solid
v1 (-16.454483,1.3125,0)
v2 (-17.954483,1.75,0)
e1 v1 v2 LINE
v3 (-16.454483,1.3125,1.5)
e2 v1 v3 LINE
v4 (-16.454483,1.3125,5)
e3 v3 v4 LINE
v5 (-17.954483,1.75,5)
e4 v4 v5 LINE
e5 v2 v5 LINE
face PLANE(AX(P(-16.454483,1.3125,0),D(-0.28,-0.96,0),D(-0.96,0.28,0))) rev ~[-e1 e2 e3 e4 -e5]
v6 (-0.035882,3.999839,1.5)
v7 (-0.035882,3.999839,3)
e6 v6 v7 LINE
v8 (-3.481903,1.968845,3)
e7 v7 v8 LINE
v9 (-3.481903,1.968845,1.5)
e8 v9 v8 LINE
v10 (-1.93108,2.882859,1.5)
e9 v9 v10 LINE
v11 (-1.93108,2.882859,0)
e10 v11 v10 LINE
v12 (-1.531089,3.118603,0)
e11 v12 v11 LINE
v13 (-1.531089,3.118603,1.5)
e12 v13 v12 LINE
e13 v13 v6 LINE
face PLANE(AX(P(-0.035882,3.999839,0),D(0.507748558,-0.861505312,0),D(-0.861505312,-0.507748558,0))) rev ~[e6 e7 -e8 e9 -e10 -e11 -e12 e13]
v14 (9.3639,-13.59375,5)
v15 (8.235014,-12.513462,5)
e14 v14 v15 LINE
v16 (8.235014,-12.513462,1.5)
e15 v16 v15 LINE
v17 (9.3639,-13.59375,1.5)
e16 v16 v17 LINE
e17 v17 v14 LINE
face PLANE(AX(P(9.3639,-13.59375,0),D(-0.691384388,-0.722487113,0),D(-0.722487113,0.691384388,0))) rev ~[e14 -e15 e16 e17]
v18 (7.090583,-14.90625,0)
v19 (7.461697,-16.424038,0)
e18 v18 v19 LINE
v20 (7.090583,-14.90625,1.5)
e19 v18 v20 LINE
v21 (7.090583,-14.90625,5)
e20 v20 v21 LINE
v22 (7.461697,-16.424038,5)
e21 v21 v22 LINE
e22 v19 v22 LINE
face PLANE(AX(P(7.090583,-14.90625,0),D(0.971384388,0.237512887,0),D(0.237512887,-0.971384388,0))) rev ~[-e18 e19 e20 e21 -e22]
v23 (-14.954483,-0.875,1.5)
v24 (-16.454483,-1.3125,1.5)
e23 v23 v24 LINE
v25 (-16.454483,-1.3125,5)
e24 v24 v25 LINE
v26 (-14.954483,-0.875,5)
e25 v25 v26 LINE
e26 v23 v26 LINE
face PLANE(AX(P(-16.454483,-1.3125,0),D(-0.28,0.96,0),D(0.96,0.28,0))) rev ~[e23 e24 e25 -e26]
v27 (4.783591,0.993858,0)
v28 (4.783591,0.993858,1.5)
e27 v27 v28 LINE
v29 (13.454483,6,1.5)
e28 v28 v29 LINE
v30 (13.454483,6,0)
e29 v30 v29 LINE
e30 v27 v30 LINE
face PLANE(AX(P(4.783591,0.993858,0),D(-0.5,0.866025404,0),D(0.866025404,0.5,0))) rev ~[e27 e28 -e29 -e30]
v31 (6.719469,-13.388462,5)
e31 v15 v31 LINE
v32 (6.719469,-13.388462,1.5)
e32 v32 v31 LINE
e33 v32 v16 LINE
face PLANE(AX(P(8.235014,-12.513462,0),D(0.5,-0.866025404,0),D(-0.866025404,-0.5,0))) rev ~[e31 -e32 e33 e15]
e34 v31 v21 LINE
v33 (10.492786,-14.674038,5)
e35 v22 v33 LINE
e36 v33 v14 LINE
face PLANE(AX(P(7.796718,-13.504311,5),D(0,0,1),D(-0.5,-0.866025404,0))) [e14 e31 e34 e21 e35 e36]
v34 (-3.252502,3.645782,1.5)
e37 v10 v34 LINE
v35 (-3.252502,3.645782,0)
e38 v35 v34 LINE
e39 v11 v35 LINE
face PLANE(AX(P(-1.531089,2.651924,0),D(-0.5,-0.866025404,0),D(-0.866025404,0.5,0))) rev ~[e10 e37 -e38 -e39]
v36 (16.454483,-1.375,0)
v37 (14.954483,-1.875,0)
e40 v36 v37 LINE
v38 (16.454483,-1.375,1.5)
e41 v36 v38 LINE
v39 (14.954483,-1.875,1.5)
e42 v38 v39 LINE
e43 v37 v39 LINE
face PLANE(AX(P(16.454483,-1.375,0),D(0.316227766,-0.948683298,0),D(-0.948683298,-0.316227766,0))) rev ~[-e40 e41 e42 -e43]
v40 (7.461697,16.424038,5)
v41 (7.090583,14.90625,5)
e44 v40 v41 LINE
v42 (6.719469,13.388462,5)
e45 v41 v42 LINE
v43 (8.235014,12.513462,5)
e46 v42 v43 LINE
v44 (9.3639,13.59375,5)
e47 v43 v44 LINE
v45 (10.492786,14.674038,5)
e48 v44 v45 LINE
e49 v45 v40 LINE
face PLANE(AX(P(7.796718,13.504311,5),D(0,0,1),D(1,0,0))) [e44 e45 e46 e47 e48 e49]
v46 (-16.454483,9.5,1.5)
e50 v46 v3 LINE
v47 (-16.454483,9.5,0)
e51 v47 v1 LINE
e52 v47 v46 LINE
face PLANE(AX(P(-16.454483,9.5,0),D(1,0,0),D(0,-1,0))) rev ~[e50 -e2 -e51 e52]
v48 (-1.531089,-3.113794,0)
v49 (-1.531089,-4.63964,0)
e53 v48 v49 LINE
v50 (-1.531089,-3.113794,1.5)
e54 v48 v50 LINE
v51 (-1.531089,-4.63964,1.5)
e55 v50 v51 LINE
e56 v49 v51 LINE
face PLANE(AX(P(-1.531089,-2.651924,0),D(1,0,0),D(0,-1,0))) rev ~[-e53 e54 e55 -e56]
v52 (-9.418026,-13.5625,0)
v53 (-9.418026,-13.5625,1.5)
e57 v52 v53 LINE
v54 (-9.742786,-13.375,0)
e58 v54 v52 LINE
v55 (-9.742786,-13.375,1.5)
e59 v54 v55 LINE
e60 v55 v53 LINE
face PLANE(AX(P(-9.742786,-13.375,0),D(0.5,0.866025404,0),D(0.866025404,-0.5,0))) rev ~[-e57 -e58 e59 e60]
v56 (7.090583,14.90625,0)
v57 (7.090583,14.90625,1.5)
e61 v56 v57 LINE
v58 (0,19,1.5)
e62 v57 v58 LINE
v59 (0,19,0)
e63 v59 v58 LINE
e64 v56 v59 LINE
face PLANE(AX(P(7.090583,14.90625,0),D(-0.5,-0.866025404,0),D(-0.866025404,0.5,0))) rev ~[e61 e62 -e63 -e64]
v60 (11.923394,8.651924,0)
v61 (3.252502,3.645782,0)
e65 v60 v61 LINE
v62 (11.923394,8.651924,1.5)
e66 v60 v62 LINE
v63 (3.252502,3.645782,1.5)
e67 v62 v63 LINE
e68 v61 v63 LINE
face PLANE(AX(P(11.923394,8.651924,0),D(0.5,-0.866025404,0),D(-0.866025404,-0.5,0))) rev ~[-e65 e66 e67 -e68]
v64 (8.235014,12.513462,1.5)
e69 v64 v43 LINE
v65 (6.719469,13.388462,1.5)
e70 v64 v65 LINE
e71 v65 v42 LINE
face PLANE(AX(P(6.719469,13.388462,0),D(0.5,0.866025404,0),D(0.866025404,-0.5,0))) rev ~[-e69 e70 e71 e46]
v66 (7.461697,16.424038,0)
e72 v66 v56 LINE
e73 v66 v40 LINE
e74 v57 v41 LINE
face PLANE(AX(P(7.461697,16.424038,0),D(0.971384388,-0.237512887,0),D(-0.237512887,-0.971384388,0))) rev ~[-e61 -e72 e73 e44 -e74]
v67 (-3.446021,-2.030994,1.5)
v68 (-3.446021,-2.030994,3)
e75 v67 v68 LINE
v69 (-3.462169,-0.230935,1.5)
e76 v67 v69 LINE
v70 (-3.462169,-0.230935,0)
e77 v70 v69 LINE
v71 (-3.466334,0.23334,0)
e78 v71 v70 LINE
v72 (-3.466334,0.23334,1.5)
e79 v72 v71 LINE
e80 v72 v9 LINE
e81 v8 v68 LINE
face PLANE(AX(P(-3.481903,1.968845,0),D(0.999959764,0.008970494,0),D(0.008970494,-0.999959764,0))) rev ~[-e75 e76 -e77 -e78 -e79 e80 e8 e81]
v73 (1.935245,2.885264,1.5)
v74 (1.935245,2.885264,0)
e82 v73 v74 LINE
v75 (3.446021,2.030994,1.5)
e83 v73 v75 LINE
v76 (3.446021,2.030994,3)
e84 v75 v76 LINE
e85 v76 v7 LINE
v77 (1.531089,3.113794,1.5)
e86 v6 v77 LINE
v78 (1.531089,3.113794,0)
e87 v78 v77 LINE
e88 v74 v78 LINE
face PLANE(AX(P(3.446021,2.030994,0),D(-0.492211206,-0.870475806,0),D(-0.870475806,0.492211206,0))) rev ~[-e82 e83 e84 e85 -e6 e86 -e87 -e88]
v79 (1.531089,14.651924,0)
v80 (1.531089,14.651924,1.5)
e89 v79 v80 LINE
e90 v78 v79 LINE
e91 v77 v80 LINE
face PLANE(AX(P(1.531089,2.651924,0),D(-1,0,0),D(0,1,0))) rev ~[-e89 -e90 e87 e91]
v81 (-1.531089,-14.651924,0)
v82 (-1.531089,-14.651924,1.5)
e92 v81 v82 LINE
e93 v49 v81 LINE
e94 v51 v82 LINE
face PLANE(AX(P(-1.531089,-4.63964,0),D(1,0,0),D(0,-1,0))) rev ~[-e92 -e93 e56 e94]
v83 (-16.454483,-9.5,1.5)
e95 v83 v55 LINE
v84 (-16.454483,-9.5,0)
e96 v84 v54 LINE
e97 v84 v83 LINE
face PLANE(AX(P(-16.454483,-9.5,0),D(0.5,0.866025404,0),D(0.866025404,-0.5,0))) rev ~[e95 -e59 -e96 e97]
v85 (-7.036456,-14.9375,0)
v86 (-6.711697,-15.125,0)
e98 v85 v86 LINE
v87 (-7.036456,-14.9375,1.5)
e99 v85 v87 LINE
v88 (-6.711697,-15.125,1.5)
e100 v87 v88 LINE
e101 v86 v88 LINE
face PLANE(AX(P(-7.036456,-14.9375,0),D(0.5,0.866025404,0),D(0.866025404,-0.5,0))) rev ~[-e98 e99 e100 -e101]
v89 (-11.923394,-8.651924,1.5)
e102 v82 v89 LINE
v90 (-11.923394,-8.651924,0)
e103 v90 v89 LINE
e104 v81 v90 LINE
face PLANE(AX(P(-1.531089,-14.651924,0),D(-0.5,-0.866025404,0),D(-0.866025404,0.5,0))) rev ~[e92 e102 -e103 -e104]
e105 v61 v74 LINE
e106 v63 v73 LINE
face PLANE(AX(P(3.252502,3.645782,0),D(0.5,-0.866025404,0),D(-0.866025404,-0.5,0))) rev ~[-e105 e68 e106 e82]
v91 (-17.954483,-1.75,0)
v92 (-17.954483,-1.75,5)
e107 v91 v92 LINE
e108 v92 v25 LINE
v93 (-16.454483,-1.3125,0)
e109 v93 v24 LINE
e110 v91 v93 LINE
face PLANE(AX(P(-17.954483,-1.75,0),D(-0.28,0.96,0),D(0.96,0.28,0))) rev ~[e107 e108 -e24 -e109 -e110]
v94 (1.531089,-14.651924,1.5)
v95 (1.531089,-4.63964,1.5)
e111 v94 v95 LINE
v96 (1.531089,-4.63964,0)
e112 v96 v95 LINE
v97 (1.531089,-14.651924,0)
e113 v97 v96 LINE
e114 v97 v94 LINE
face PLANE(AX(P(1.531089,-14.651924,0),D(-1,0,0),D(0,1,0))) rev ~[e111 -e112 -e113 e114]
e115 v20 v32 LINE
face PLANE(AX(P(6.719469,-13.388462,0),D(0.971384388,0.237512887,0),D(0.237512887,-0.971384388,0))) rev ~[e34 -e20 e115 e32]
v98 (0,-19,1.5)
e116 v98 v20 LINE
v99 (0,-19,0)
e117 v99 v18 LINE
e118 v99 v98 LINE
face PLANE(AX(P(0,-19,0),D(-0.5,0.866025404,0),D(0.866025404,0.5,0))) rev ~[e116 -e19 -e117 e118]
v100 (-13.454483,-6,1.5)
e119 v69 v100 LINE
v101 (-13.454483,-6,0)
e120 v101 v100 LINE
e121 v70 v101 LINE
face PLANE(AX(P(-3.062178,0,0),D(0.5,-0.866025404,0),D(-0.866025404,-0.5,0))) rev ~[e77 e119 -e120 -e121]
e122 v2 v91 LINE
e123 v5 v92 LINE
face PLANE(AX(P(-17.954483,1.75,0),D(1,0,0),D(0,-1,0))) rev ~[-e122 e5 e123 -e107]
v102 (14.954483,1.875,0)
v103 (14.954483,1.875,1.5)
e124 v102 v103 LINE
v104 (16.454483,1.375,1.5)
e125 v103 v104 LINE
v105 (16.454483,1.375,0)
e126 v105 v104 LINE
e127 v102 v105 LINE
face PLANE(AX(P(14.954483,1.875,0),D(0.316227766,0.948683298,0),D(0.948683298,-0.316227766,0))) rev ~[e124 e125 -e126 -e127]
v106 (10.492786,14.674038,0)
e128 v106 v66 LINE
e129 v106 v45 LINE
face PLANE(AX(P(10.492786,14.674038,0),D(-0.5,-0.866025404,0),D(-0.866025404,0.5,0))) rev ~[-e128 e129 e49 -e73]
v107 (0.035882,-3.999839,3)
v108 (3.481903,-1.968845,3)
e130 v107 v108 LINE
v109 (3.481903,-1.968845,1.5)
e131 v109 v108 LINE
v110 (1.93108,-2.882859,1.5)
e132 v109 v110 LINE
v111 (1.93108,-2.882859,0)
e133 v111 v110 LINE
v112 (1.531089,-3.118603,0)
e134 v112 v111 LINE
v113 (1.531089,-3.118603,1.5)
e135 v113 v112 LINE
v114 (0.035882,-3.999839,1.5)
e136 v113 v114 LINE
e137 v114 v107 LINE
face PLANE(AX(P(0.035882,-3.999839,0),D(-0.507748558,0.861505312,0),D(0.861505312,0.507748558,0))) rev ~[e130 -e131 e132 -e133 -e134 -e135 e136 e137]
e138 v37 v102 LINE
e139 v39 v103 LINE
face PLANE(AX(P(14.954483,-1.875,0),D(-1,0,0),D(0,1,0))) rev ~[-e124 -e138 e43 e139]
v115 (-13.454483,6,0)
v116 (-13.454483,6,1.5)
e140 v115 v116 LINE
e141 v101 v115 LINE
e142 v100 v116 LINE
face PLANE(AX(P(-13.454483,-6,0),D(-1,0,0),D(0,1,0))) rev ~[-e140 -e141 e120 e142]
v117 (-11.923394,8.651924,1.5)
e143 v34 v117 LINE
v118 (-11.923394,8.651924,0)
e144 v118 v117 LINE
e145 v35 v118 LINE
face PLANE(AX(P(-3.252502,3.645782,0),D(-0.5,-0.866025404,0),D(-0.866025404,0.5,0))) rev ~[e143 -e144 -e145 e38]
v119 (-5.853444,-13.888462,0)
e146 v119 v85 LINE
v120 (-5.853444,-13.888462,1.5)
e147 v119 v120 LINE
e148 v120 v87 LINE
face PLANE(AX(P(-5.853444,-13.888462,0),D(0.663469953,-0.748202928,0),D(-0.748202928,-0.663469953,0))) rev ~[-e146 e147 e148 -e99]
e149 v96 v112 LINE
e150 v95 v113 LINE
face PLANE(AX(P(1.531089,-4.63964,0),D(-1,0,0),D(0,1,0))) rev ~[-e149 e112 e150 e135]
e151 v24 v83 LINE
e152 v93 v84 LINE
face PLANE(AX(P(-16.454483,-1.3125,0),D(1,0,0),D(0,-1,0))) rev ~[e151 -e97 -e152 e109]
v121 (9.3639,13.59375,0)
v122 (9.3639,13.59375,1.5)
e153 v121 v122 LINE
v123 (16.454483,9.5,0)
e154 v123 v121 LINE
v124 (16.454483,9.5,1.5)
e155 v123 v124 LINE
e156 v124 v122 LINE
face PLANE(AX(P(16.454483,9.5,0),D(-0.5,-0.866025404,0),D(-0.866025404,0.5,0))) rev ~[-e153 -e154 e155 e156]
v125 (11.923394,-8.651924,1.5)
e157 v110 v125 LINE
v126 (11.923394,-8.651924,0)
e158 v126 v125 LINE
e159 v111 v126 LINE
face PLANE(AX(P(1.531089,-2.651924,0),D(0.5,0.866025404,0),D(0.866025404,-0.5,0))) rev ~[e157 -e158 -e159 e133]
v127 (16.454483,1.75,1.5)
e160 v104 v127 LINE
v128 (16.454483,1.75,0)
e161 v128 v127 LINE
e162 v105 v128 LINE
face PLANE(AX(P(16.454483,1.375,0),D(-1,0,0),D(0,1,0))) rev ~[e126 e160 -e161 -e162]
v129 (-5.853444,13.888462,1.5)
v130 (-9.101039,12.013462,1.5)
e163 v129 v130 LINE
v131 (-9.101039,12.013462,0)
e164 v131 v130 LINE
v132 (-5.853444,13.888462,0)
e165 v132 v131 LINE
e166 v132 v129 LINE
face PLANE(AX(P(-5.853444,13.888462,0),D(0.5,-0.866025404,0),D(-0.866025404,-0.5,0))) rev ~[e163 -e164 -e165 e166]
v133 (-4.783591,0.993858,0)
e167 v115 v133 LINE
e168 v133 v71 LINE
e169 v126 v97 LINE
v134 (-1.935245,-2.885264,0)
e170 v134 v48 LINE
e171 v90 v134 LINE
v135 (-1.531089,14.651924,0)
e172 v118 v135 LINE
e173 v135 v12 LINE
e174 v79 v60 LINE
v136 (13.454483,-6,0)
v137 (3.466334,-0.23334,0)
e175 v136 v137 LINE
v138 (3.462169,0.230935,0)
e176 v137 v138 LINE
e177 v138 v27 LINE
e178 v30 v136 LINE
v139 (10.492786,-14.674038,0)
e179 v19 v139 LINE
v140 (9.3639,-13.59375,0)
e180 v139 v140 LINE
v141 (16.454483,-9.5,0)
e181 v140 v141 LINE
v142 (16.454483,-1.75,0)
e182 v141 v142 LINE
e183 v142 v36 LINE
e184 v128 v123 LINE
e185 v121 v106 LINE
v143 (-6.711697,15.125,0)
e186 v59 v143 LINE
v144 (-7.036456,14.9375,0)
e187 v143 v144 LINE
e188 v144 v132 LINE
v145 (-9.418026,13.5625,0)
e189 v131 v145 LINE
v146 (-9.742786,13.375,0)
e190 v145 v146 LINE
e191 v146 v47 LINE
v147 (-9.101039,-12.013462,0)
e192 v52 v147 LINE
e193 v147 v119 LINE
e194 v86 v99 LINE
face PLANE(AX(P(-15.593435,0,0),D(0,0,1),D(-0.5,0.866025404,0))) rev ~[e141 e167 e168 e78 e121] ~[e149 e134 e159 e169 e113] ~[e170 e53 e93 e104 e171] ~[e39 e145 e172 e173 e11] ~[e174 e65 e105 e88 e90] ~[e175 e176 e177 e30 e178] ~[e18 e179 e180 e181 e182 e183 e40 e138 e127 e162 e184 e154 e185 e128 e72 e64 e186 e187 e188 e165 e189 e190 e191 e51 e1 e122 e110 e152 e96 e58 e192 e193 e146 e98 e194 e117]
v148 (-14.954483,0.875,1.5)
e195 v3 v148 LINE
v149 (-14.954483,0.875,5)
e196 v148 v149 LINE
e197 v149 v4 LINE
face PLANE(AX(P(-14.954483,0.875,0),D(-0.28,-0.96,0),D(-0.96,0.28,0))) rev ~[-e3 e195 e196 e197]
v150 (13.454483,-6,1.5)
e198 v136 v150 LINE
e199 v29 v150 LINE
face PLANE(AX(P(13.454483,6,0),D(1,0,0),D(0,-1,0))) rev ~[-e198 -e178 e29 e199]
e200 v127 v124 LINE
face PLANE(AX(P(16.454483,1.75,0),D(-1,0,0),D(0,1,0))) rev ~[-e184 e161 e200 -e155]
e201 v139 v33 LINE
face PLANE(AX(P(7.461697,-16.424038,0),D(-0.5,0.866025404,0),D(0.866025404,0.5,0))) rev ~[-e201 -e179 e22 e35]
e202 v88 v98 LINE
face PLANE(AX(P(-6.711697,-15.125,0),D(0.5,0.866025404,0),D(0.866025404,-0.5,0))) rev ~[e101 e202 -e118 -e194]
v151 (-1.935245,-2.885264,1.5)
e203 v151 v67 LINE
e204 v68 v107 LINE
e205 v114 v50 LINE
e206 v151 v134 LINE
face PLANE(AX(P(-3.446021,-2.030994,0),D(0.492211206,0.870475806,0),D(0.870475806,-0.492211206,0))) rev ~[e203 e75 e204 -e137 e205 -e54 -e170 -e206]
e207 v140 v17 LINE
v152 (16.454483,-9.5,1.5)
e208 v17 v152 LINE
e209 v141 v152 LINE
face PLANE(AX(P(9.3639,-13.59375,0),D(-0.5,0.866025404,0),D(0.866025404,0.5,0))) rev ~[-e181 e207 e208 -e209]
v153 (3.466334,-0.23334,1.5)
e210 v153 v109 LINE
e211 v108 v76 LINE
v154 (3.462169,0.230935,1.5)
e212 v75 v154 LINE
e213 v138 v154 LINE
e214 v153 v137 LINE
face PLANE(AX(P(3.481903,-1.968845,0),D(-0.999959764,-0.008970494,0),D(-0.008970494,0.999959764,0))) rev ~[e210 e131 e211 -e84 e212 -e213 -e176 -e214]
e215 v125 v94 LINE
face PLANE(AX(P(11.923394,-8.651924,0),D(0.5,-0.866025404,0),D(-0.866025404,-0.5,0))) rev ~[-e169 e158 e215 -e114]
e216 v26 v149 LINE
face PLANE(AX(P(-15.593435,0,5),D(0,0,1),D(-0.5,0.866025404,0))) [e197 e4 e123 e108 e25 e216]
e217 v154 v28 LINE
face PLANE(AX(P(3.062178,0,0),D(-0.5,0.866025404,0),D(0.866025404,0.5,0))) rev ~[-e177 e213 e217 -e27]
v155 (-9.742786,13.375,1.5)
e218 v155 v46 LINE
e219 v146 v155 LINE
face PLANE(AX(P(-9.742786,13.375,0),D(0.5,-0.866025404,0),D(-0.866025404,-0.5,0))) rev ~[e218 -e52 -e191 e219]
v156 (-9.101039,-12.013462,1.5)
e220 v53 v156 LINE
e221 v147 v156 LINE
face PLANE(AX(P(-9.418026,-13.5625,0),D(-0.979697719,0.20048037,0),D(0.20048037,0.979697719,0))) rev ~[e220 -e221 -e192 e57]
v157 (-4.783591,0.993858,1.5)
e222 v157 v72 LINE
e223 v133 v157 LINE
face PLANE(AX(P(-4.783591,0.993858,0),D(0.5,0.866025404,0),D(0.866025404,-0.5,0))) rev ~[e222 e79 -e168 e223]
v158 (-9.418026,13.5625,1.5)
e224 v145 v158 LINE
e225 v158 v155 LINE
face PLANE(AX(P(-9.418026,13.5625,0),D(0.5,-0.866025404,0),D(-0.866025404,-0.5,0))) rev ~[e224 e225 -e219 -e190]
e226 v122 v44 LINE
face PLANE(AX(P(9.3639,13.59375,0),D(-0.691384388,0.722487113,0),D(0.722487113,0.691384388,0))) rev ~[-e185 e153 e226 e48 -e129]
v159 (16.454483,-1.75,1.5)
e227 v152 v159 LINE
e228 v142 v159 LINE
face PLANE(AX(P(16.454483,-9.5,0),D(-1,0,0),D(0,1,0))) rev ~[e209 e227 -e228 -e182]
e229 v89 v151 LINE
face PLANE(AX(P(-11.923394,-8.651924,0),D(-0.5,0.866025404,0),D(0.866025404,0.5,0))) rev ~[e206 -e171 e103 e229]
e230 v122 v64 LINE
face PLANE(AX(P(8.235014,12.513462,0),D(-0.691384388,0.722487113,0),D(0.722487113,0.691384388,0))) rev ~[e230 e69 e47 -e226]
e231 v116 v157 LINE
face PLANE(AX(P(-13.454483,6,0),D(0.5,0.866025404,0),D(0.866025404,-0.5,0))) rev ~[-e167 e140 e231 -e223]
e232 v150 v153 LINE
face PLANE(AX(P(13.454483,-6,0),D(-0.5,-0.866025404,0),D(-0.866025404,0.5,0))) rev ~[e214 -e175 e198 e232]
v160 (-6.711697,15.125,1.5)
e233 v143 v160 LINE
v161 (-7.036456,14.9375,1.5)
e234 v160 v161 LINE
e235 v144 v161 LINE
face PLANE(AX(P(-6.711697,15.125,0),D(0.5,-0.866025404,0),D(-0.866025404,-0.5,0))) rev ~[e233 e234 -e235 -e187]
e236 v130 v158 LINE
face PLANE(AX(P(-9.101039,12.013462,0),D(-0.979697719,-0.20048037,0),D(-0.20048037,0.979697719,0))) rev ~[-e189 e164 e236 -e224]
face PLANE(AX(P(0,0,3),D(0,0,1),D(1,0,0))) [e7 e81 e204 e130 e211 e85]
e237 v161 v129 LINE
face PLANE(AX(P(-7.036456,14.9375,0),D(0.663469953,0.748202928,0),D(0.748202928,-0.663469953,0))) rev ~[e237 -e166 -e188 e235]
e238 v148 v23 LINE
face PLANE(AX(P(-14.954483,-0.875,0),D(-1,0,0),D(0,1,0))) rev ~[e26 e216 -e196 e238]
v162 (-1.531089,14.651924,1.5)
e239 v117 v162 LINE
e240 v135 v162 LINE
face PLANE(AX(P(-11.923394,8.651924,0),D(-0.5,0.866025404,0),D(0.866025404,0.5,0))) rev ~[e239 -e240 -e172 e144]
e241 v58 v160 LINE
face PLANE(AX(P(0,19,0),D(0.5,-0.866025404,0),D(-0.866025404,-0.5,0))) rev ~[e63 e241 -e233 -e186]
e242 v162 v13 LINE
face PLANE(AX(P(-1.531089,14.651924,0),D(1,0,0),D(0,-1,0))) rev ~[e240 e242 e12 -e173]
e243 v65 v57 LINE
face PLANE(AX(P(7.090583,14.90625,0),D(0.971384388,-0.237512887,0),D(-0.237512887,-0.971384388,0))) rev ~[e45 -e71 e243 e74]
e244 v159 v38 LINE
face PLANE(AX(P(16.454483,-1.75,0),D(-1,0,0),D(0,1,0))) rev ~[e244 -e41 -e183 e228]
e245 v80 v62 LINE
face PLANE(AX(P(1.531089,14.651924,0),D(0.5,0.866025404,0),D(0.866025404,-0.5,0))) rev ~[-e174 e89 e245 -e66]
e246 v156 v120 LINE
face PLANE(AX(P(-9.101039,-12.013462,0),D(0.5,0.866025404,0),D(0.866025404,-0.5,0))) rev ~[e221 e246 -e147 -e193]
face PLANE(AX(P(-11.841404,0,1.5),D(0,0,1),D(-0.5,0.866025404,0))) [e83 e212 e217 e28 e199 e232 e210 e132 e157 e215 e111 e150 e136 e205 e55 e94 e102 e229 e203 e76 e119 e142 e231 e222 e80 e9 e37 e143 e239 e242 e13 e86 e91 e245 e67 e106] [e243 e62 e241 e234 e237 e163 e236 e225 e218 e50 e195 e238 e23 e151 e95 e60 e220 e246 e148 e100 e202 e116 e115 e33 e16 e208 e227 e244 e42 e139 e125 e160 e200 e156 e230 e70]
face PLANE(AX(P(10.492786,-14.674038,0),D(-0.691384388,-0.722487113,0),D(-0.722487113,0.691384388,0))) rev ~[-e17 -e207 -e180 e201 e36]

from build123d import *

# Parameters (mm, degrees)
F1_DEPTH = 1.5
F2_DEPTH = 5
F3_ANGLE = 120
F4_ANGLE = 120
F6_DEPTH = 3


with BuildPart() as f1:
    # F0 (on Top) → F1 (new body)
    with BuildSketch(Plane.XY):
        Polygon((4.7835907286, 2.7618073949), (16.4544826719, 9.5), (9.3638996784, 13.59375), (8.2350135643, 12.5134618943), (6.7194691076, 13.3884618943), (7.0905829935, 14.90625), (0, 19), (0, 5.5236147897), (1.5310889132, 4.6396401935), (1.5310889132, 14.6519237886), (11.9233937587, 8.6519237886), (3.2525018154, 3.6457819911), align=None)
        Polygon((0, 0), (4.7835907286, 2.7618073949), (3.2525018154, 3.6457819911), (1.5310889132, 2.6519237886), (1.5310889132, 4.6396401935), (0, 5.5236147897), align=None)
        Polygon((-4.7835907286, 2.7618073949), (0, 0), (0, 5.5236147897), (-1.5310889132, 4.6396401935), (-1.5310889132, 2.6519237886), (-3.2525018154, 3.6457819911), align=None)
        Polygon((-1.5310889132, 4.6396401935), (0, 5.5236147897), (0, 19), (-6.7116968793, 15.125), (-7.0364564057, 14.9375), (-5.8534437039, 13.8884618943), (-9.101038968, 12.0134618943), (-9.4180262662, 13.5625), (-9.7427857926, 13.375), (-16.4544826719, 9.5), (-4.7835907286, 2.7618073949), (-3.2525018154, 3.6457819911), (-11.9233937587, 8.6519237886), (-1.5310889132, 14.6519237886), align=None)
    extrude(amount=F1_DEPTH)

    # F0 (on Top) → F2 (join)
    with BuildSketch(Plane.XY):
        Polygon((8.2350135643, 12.5134618943), (9.3638996784, 13.59375), (9.0888552775, 13.7525469589), (8.1894266762, 12.8918383296), (7.0699461568, 13.5381707088), (7.3656273944, 14.7474530411), (7.0905829935, 14.90625), (6.7194691076, 13.3884618943), align=None)
        Polygon((8.1894266762, 12.8918383296), (9.0888552775, 13.7525469589), (7.3656273944, 14.7474530411), (7.0699461568, 13.5381707088), align=None)
        Polygon((7.3656273944, 14.7474530411), (9.0888552775, 13.7525469589), (9.9882838789, 14.6132555882), (7.6613086319, 15.9567353735), align=None)
        Polygon((9.0888552775, 13.7525469589), (9.3638996784, 13.59375), (10.4927857926, 14.6740381057), (7.4616968793, 16.4240381057), (7.0905829935, 14.90625), (7.3656273944, 14.7474530411), (7.6613086319, 15.9567353735), (9.9882838789, 14.6132555882), align=None)
    extrude(amount=F2_DEPTH)


with BuildPart() as f3_1:
    # F3: copy of F1
    add(f1.part.rotate(Axis((0, 0, 0.75), (0, 0, -1)), F3_ANGLE))


with BuildPart() as f4_1:
    # F4: copy of F3_1
    add(f3_1.part.rotate(Axis((0, 0, 0.75), (0, 0, -1)), F4_ANGLE))


with BuildPart() as f1_1:
    add(f1.part)

    add(f3_1.part)  # F6 merges F3_1

    add(f4_1.part)  # F6 merges F4_1
    # F5 (on Top) → F6 (join)
    with BuildSketch(Plane.XY):
        Polygon((0.0358819761, -3.9998390572), (3.4819032227, -1.9688448258), (3.4460212466, 2.0309942315), (-0.0358819761, 3.9998390572), (-3.4819032227, 1.9688448258), (-3.4460212466, -2.0309942315), align=None)
    extrude(amount=F6_DEPTH)


solid = f1_1.part
